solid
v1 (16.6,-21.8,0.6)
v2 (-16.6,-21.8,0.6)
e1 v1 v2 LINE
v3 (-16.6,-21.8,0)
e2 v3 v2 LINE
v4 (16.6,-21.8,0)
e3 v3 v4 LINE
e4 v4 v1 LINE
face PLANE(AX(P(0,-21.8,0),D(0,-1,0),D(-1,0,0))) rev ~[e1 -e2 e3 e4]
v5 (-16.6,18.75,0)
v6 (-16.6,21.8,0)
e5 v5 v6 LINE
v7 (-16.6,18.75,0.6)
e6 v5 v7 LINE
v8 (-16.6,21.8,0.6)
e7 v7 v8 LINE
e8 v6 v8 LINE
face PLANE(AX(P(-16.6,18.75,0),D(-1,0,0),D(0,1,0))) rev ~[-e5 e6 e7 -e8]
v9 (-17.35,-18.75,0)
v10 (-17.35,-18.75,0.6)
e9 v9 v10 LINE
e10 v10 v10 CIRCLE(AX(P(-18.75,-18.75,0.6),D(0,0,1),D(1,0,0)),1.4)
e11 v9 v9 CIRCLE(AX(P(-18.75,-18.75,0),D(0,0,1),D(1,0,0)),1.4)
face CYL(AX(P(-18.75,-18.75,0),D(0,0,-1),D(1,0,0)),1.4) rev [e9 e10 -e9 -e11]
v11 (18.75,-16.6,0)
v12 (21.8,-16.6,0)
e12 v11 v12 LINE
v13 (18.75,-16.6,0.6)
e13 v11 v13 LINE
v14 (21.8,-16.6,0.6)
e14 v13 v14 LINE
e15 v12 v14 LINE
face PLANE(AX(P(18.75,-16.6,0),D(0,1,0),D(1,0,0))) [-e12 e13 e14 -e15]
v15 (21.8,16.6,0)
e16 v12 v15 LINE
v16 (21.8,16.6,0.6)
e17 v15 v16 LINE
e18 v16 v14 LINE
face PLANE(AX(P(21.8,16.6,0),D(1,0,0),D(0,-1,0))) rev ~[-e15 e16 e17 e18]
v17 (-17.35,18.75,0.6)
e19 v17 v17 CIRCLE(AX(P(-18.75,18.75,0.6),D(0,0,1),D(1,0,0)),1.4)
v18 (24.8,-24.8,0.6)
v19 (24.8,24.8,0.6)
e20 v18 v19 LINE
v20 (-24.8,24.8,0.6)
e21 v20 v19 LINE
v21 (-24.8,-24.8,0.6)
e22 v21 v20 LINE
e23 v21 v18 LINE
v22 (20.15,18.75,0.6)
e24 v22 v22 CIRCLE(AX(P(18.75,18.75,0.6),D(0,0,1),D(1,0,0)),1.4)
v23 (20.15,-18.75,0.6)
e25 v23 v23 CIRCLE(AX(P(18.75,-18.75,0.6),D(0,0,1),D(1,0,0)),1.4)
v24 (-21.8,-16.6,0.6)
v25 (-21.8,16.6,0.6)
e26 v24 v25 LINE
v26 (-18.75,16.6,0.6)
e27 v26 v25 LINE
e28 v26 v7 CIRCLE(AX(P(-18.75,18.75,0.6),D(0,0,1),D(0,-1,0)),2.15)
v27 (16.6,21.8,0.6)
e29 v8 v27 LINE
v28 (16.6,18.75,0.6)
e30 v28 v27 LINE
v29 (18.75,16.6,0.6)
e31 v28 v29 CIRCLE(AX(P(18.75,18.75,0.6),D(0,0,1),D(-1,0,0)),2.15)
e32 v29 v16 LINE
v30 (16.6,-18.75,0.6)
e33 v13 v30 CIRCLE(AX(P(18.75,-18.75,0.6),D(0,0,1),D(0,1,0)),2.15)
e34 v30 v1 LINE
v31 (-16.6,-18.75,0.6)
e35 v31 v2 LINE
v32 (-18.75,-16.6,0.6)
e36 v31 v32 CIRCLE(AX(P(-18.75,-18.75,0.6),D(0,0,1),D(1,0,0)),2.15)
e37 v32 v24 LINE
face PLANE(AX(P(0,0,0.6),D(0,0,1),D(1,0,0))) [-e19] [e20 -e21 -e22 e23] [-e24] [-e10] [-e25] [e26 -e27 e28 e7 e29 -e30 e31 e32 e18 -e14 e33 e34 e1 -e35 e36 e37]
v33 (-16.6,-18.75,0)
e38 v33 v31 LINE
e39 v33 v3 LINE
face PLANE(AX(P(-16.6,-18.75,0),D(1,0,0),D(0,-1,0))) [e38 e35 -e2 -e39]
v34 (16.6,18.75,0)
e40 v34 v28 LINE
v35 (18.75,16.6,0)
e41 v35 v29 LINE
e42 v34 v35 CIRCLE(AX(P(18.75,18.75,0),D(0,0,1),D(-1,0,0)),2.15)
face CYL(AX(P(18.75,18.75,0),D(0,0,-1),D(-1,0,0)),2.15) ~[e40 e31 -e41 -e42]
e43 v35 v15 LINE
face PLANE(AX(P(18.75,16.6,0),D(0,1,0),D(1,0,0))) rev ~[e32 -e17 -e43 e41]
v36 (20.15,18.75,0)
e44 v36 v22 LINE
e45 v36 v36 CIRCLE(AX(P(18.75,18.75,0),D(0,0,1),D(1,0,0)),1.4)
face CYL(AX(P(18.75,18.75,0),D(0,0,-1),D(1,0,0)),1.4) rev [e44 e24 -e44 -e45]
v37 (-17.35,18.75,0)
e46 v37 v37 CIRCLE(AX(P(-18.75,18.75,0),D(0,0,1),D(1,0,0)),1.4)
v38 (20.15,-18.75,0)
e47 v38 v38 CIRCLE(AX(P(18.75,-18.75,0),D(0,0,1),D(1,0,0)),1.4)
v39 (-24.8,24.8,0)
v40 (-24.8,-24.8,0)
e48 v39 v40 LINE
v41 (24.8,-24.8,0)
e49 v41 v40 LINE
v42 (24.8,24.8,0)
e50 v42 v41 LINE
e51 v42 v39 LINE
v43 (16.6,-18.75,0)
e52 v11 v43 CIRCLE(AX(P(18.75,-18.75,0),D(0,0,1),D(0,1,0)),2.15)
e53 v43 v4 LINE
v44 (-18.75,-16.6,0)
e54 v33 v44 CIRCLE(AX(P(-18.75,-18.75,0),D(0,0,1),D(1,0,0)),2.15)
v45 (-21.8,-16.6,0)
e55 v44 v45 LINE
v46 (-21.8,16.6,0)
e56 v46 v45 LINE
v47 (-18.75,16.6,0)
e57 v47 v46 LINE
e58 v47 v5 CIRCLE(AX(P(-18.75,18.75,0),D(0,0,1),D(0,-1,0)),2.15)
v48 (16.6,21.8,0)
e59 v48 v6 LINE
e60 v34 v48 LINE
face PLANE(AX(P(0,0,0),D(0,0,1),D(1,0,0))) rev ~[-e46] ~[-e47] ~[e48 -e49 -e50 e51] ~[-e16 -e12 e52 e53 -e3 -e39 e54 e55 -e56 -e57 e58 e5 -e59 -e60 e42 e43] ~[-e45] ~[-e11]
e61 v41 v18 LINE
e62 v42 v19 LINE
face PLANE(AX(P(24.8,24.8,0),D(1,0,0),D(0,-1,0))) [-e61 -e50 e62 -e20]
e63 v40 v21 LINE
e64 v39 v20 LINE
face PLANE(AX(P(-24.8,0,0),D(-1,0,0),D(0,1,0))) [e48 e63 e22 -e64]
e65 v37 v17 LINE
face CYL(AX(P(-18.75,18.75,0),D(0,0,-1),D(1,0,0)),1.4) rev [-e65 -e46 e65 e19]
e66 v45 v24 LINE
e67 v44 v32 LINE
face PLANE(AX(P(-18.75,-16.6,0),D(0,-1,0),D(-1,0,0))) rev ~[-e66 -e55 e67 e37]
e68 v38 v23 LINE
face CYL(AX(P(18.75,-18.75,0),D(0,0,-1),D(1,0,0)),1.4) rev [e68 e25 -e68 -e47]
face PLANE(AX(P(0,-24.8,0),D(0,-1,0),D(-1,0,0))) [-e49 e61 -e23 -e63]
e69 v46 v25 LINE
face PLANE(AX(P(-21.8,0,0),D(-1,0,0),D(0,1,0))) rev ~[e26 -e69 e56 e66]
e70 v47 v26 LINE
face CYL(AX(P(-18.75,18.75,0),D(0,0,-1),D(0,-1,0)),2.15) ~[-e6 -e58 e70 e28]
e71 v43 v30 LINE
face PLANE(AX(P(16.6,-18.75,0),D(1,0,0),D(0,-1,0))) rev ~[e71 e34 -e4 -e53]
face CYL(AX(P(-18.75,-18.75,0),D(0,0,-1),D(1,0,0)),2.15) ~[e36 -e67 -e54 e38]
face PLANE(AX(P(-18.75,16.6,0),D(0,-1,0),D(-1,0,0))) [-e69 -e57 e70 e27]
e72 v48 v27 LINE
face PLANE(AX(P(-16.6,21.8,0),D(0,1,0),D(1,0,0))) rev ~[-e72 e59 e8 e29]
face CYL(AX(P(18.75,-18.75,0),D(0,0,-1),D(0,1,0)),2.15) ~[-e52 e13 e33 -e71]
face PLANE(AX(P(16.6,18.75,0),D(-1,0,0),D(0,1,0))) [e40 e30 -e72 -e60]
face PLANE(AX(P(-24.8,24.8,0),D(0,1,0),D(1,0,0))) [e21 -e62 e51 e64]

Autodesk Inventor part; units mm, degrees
ref_plane "YZ Plane" through (0, 0, 0) normal (1, 0, 0) x (0, 1, 0)
ref_plane "XZ Plane" through (0, 0, 0) normal (0, 1, 0) x (-1, 0, 0)
ref_plane "XY Plane" through (0, 0, 0) normal (0, 0, 1) x (1, 0, 0)
sketch "Sketch1" plane through (0, 0, 0) normal (0, 0, 1) x (1, 0, 0)
  line L0 (-24.8, 24.8) -> (24.8, 24.8)
  line L1 (24.8, 24.8) -> (24.8, -24.8)
  line L2 (24.8, -24.8) -> (-24.8, -24.8)
  line L3 (-24.8, -24.8) -> (-24.8, 24.8)
  line L4 (-16.6, 21.8) -> (16.6, 21.8)
  line L5 (21.8, 16.6) -> (21.8, -16.6)
  line L6 (16.6, -21.8) -> (-16.6, -21.8)
  line L7 (-21.8, -16.6) -> (-21.8, 16.6)
  arc A0 (-18.75, 16.6) -> (-16.6, 18.75) centre (-18.75, 18.75) ccw
  arc A1 (-16.6, -18.75) -> (-18.75, -16.6) centre (-18.75, -18.75) ccw
  arc A2 (18.75, -16.6) -> (16.6, -18.75) centre (18.75, -18.75) ccw
  arc A3 (16.6, 18.75) -> (18.75, 16.6) centre (18.75, 18.75) ccw
  line L8 (-16.6, -18.75) -> (-16.6, -21.8)
  line L9 (-18.75, -16.6) -> (-21.8, -16.6)
  line L10 (-18.75, 16.6) -> (-21.8, 16.6)
  line L11 (-16.6, 18.75) -> (-16.6, 21.8)
  line L12 (18.75, 16.6) -> (21.8, 16.6)
  line L13 (16.6, 18.75) -> (16.6, 21.8)
  line L14 (18.75, -16.6) -> (21.8, -16.6)
  line L15 (16.6, -18.75) -> (16.6, -21.8)
  line L16 (0, 34.72) -> (0, -34.72) projected
  line L17 (-34.72, 0) -> (34.72, 0) projected
  circle A4 centre (-18.75, 18.75) radius 1.4
  circle A5 centre (18.75, 18.75) radius 1.4
  circle A6 centre (18.75, -18.75) radius 1.4
  circle A7 centre (-18.75, -18.75) radius 1.4
  point P0 (0, 0)
  dimension "d0" = 37.5
  dimension "d2" = 37.5
  dimension "d3" = 5.2
  dimension "d4" = 2.8
  dimension "d5" = 43.6
  dimension "d6" = 3
  dimension "d7" = 3
  dimension "d8" = 3
  dimension "d9" = 3
extrude "Extrusion1" add sketch "Sketch1" along normal blind 0.6 contours L0 L16 L4 L11 A0 L10 L7 L17 L3 | L0 L1 L17 L5 L12 A3 L13 L4 L16 | L17 L7 L9 A1 L8 L6 L16 L2 L3 | L1 L2 L16 L6 L15 A2 L14 L5 L17
properties part number "DistancePlate"
